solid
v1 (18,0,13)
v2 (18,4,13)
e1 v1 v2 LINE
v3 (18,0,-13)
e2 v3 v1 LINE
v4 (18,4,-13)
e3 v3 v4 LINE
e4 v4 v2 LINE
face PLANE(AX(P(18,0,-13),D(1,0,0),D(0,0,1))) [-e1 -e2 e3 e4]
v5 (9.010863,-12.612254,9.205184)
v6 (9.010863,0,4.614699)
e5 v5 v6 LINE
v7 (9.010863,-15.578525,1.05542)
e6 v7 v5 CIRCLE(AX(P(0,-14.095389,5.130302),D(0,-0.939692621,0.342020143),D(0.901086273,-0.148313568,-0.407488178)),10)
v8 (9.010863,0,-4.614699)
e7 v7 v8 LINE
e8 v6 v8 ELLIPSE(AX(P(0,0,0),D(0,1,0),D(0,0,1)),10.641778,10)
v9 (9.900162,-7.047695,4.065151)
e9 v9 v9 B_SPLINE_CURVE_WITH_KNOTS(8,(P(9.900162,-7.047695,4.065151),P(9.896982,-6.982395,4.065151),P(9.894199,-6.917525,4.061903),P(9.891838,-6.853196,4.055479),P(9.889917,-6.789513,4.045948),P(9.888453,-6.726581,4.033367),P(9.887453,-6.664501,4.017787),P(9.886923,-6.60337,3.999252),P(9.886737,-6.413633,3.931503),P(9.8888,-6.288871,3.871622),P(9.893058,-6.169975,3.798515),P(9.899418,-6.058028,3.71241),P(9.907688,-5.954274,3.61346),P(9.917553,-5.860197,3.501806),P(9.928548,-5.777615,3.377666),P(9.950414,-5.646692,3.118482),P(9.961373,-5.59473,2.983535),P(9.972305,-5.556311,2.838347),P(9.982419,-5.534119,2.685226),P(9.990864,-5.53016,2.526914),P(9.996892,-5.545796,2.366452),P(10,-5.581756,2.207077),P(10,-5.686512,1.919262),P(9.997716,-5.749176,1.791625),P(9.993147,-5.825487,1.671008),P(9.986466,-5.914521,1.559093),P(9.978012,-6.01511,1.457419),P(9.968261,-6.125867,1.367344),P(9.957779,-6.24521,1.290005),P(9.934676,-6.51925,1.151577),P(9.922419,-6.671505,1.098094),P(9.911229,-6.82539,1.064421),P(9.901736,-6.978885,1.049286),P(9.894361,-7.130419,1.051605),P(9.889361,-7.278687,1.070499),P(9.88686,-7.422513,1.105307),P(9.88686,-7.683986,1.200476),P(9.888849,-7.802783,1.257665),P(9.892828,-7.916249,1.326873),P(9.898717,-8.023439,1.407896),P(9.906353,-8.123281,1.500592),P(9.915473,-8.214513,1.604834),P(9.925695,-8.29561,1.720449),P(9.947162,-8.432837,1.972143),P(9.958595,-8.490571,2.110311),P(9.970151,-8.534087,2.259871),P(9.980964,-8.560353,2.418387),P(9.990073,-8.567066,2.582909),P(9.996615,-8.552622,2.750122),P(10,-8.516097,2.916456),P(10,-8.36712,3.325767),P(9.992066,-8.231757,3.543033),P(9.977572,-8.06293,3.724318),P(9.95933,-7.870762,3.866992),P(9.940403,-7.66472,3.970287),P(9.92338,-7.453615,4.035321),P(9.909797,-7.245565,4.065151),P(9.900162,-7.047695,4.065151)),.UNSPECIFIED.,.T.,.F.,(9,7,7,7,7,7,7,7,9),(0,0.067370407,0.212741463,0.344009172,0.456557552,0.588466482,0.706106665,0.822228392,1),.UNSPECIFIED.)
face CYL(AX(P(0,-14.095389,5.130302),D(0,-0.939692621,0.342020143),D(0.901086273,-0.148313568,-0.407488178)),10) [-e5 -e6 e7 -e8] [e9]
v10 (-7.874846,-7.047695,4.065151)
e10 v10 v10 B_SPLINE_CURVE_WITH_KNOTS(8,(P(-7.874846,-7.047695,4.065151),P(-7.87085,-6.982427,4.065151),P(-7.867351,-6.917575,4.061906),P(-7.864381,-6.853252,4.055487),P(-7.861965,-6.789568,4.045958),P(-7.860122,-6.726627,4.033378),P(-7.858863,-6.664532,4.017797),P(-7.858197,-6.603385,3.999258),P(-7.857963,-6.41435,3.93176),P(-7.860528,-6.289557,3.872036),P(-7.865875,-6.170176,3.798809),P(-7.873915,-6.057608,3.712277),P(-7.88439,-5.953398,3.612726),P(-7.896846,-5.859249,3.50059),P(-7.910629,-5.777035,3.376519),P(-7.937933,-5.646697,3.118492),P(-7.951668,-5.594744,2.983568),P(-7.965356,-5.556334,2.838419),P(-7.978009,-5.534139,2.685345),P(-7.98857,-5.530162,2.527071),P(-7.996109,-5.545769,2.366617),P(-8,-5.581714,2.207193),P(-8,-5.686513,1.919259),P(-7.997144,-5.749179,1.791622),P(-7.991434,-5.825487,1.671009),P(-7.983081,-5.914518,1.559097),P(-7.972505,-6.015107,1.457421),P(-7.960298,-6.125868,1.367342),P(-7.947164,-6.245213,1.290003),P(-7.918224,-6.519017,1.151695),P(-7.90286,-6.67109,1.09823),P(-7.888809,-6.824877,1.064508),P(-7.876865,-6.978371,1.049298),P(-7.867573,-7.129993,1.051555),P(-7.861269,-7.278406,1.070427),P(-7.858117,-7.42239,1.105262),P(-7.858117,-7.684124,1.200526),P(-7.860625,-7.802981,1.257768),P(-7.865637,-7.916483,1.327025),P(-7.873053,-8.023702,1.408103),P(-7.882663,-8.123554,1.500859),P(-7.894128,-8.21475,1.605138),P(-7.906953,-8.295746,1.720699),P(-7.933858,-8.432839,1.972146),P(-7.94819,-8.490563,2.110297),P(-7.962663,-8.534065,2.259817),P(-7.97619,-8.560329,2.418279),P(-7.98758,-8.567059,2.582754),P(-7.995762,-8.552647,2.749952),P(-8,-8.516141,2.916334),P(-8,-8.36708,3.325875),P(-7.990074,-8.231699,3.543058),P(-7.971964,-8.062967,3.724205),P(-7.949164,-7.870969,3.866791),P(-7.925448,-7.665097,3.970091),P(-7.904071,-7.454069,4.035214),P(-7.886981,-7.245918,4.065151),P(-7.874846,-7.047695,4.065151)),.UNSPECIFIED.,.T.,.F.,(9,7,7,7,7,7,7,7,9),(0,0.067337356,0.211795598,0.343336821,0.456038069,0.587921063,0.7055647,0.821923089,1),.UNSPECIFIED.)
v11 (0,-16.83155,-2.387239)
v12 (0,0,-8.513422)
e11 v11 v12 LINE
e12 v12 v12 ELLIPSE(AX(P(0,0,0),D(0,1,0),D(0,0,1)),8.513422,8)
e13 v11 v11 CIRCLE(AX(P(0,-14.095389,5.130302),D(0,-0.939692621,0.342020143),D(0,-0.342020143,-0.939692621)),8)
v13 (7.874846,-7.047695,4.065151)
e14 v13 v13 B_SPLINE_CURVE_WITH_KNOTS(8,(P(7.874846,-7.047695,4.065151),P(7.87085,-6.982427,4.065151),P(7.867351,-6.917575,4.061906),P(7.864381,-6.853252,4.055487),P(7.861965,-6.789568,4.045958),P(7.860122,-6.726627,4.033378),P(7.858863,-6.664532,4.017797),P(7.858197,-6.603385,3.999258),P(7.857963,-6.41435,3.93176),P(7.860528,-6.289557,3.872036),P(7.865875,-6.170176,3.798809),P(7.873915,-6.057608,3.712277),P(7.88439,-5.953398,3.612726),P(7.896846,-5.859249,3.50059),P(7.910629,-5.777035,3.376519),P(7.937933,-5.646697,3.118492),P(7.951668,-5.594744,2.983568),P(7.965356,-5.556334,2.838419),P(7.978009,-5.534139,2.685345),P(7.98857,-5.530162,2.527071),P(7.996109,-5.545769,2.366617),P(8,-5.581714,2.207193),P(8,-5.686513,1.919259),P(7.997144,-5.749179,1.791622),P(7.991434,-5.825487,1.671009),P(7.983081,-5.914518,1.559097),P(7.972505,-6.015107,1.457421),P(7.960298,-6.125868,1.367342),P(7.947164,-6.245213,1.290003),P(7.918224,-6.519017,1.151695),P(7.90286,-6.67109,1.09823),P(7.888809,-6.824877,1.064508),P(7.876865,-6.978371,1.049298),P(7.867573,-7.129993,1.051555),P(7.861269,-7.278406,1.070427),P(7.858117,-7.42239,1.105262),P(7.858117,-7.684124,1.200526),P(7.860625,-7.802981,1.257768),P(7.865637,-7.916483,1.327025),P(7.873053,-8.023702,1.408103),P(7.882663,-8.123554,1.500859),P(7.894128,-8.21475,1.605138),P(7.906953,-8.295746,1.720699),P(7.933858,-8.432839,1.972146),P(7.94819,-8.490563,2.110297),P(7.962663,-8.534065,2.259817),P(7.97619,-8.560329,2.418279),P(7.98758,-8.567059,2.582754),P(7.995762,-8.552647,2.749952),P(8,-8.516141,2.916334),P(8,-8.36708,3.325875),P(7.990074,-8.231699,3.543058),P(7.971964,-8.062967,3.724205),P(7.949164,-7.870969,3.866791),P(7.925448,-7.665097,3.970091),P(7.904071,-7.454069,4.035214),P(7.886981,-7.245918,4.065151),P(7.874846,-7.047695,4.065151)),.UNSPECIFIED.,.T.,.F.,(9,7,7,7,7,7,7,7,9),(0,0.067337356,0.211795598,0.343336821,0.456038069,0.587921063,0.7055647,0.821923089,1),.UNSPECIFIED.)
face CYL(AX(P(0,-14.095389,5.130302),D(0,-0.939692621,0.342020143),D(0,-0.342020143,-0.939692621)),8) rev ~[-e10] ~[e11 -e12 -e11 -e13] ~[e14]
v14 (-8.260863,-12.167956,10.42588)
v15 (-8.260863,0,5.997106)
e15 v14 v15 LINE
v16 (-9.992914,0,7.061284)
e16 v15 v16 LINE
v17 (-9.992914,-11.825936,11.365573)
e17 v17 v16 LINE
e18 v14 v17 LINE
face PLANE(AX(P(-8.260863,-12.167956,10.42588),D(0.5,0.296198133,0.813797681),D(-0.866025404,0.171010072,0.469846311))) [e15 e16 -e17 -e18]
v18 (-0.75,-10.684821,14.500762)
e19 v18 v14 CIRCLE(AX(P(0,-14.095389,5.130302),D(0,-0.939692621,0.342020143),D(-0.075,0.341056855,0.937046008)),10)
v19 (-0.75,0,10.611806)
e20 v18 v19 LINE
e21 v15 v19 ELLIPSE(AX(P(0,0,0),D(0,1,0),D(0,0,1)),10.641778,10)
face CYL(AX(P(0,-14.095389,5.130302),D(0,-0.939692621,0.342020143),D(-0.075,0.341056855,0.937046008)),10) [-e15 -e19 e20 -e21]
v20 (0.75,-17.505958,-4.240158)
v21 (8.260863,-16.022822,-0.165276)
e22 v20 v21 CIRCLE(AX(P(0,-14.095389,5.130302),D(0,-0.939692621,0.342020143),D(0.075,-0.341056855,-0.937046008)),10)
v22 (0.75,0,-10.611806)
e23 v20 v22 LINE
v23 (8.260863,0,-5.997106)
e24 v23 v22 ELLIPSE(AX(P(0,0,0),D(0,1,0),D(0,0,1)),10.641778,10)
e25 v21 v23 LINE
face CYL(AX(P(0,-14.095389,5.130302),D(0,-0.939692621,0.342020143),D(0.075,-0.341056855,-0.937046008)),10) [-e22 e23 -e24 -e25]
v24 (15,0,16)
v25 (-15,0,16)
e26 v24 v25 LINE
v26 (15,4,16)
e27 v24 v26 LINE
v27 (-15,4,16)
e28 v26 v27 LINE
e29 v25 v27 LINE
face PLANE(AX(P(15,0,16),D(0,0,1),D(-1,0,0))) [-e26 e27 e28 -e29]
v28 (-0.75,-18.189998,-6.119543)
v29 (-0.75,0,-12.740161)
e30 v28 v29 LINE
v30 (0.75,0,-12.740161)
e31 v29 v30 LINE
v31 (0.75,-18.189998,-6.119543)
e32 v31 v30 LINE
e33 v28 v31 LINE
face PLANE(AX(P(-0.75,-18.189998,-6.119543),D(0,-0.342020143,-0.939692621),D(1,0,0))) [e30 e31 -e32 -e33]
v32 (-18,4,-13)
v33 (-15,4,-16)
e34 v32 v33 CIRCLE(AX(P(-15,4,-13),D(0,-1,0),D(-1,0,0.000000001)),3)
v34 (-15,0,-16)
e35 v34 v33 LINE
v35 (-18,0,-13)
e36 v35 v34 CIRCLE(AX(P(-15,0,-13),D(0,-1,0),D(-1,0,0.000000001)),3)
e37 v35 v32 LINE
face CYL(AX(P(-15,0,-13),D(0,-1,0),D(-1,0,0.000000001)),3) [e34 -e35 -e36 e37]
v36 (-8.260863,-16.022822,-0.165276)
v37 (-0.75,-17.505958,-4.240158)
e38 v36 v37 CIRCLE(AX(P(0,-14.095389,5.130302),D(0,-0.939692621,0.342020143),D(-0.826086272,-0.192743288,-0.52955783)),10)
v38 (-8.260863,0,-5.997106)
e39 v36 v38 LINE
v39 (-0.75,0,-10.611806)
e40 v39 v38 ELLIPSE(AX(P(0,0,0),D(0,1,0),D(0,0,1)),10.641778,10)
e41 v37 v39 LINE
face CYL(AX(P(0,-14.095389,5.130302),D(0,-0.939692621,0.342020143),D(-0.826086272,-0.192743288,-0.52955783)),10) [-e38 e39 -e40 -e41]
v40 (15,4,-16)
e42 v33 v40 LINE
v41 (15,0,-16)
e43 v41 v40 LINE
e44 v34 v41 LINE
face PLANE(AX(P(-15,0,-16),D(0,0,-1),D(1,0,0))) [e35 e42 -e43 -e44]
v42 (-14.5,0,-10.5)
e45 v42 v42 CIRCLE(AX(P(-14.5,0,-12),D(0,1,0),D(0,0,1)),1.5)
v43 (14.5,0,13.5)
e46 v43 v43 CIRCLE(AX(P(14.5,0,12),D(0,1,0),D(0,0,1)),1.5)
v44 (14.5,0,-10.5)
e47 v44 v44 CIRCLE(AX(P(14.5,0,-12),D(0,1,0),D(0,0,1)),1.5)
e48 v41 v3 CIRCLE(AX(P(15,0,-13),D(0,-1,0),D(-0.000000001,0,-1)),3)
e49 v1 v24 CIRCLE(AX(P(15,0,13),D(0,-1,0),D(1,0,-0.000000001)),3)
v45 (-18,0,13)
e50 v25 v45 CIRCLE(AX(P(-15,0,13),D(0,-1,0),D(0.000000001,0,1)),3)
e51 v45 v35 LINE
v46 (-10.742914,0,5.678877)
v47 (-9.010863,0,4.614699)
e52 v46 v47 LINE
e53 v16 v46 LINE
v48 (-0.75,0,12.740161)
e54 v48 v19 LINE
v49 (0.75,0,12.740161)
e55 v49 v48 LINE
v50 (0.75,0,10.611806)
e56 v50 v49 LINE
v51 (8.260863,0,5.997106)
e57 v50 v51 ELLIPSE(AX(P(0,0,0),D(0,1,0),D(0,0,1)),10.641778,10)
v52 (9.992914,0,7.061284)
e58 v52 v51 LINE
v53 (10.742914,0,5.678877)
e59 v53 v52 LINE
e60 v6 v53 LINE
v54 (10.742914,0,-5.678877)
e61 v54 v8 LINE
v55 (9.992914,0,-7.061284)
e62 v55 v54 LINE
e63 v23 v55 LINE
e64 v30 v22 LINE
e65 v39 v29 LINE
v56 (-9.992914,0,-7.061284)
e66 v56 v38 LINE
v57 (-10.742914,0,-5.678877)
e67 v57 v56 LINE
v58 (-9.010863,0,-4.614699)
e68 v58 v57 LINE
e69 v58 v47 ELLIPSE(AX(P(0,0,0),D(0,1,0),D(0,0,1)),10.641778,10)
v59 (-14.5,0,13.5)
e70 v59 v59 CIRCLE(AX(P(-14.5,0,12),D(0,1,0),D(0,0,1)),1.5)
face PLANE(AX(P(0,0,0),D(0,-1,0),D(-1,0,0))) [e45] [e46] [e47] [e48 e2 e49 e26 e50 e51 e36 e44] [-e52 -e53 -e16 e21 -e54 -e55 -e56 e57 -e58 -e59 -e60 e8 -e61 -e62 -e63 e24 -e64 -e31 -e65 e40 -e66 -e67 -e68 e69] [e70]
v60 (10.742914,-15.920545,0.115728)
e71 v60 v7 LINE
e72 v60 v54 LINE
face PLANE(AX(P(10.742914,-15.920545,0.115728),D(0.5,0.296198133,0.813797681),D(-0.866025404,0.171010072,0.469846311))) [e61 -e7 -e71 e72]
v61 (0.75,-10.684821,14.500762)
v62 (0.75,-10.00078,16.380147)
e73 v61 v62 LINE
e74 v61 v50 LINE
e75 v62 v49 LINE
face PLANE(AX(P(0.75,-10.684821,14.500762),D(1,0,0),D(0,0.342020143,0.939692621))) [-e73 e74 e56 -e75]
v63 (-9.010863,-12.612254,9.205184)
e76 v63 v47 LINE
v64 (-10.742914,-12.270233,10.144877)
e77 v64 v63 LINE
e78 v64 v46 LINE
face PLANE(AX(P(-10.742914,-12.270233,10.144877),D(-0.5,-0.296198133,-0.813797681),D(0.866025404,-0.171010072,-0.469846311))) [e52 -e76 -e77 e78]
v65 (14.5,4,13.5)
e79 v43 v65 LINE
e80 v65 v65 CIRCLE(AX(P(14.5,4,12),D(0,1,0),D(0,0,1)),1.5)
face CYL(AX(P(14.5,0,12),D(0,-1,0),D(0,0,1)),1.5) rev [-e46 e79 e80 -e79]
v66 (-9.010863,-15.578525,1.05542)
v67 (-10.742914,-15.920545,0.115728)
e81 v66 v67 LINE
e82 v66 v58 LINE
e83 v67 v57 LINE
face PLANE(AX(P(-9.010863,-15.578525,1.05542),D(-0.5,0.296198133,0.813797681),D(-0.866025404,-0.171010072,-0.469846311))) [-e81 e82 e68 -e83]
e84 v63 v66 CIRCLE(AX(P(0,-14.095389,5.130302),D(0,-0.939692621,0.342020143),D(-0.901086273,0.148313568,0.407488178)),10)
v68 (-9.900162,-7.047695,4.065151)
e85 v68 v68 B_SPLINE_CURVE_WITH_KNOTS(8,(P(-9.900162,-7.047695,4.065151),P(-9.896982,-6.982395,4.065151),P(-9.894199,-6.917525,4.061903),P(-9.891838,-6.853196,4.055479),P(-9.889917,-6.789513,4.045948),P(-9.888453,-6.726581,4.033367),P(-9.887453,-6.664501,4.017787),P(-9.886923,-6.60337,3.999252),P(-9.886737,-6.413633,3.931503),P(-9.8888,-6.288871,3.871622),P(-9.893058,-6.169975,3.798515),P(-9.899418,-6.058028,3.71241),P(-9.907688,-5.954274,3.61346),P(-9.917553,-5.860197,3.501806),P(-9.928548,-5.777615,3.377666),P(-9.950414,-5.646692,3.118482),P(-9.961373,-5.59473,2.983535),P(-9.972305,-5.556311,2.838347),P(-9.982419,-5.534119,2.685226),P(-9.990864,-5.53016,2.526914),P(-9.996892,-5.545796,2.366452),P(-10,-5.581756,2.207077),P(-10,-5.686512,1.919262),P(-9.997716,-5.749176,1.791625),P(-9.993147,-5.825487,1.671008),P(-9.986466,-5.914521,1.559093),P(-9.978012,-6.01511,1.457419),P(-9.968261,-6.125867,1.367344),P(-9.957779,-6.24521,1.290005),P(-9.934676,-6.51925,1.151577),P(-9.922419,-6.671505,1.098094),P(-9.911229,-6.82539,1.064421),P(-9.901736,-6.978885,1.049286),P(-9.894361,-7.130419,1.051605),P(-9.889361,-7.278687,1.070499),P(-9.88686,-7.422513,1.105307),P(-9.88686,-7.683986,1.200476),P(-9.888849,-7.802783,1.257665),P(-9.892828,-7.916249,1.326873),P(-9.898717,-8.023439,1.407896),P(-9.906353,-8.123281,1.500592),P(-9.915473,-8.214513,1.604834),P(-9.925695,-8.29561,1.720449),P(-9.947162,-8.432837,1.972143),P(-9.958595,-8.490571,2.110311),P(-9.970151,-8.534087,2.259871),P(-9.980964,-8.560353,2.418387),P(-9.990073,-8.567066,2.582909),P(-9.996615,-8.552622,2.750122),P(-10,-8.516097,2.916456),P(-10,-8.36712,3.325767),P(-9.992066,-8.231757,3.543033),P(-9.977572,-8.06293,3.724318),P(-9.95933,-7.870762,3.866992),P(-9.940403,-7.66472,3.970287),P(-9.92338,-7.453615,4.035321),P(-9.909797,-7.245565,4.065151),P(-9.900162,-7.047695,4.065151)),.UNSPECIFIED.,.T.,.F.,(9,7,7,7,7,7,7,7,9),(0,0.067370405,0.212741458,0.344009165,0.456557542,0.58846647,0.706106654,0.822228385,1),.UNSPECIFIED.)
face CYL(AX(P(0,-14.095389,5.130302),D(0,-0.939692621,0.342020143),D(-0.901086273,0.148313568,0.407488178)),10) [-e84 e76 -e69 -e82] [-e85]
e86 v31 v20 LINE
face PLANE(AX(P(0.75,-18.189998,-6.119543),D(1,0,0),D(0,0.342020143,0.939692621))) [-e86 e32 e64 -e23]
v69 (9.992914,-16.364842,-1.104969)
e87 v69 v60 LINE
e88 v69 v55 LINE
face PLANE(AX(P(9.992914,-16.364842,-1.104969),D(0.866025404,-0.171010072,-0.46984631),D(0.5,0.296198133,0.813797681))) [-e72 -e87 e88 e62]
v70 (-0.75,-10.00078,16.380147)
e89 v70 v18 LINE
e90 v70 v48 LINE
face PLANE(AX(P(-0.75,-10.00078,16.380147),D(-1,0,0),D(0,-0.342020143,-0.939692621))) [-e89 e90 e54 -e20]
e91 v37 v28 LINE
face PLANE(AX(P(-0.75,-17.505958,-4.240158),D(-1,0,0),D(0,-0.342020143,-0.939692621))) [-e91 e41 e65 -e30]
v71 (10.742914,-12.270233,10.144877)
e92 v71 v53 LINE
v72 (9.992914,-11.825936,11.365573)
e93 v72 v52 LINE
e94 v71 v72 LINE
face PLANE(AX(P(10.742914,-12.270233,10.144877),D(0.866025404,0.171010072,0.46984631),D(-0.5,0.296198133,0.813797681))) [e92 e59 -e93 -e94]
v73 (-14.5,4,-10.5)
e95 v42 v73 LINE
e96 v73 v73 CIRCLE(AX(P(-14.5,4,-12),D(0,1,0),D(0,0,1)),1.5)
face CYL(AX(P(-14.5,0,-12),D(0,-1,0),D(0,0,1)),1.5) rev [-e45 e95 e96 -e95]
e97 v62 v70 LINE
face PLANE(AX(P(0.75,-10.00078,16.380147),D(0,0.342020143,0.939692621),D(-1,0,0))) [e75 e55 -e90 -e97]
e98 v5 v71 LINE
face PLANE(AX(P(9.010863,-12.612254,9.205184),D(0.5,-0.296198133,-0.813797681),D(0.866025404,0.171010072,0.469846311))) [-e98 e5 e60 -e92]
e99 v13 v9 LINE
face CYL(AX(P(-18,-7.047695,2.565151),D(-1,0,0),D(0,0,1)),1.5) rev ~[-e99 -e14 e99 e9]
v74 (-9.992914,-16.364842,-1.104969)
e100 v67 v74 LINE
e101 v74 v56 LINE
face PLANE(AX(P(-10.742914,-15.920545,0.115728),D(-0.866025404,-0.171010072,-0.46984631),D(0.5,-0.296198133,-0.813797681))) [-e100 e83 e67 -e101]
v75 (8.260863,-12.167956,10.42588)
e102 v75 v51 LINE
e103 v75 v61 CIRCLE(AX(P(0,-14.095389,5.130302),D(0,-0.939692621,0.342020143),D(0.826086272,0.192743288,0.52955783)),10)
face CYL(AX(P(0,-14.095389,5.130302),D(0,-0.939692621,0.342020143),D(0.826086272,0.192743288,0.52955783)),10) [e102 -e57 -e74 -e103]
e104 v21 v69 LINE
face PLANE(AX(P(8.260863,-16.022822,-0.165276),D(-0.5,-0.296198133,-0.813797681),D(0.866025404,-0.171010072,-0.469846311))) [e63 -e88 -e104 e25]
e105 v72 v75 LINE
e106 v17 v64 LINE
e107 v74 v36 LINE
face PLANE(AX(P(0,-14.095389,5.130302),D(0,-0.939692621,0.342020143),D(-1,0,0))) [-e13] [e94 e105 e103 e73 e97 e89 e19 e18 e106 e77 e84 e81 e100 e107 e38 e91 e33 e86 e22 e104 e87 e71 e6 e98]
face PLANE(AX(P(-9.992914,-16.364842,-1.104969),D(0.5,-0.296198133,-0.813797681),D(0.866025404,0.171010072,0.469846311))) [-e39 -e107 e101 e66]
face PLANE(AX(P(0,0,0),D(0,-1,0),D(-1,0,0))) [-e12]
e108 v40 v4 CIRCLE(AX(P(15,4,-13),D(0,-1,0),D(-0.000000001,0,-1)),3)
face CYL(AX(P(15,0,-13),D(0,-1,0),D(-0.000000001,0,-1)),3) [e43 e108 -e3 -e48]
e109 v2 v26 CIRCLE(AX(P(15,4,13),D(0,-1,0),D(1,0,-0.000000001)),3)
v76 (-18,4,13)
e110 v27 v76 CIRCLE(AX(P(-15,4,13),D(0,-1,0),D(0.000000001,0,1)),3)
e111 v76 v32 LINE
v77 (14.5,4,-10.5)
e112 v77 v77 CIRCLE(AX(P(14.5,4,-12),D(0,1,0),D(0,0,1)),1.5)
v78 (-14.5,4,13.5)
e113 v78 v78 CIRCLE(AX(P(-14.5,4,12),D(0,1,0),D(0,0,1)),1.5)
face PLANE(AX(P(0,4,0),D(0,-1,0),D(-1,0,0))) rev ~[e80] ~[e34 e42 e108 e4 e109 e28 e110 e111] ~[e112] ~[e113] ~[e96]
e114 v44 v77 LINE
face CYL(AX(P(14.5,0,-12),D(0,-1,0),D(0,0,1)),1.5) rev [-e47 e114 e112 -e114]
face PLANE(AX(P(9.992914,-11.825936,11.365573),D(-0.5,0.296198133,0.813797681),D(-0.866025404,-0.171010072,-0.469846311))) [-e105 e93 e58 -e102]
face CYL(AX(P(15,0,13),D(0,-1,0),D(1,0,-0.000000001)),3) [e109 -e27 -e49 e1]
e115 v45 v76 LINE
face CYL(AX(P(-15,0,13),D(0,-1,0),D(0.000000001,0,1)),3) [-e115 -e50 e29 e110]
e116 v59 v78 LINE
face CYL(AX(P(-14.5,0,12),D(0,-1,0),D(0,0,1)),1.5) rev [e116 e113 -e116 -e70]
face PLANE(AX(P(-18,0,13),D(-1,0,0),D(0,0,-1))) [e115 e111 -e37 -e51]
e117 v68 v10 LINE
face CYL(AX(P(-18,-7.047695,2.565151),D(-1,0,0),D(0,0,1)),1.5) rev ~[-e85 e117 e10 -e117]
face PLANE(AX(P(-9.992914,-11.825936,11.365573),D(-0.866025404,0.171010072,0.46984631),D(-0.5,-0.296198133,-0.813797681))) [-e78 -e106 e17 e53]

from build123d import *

# Parameters (mm, degrees)
IZIM2_R                     = 1.5
Y_KSEKLIK_EKSTR_ZYON1_DEPTH = 4
Y_KSEKLIK_EKSTR_ZYON2_REACH = 35.135
IZIM4_R                     = 8
KES_EKSTR_ZYON1_REACH       = 45.534
IZIM5_R                     = 1.5


with BuildPart() as part:
    # Çizim2 → Yükseklik-Ekstrüzyon1 (new body)
    with BuildSketch(Plane(origin=(0, 0, 0), x_dir=(1, 0, 0), z_dir=(0, 1, 0))):
        with BuildLine():
            Line((15, -16), (-15, -16))
            ThreePointArc((-15, -16), (-17.121320344, -15.121320344), (-18, -13))
            Line((-18, -13), (-18, 13))
            ThreePointArc((-18, 13), (-17.121320344, 15.121320344), (-15, 16))
            Line((-15, 16), (15, 16))
            ThreePointArc((15, 16), (17.121320344, 15.121320344), (18, 13))
            Line((18, 13), (18, -13))
            ThreePointArc((18, -13), (17.121320344, -15.121320344), (15, -16))
        make_face()
        with Locations(Location((14.5, -12, 0), (0, 0, 270))):
            Circle(IZIM2_R, mode=Mode.SUBTRACT)
        with Locations(Location((-14.5, -12, 0), (0, 0, 270))):
            Circle(IZIM2_R, mode=Mode.SUBTRACT)
        with Locations(Location((14.5, 12, 0), (0, 0, 270))):
            Circle(IZIM2_R, mode=Mode.SUBTRACT)
        with Locations(Location((-14.5, 12, 0), (0, 0, 270))):
            Circle(IZIM2_R, mode=Mode.SUBTRACT)
    extrude(amount=Y_KSEKLIK_EKSTR_ZYON1_DEPTH)

    # Yükseklik-Ekstrüzyon2: up to this plane
    y_kseklik_ekstr_zyon2_end = Plane(origin=(15, 0, -13), z_dir=(0, 1, 0))
    # Çizim4 → Yükseklik-Ekstrüzyon2 (add, up to the surface)
    with BuildSketch(Plane(origin=(0, -14.095389312, 5.13030215), x_dir=(-1, 0, 0), z_dir=(0, -0.9396926207859094, 0.34202014332566627)), mode=Mode.PRIVATE) as y_kseklik_ekstr_zyon2_sk1:
        with BuildLine():
            Line((-0.75, 11.971835338), (-0.75, 9.971835338))
            ThreePointArc((-0.75, 9.971835338), (-5, 8.660254038), (-8.260862725, 5.635436722))
            Line((-8.260862725, 5.635436722), (-9.992913532, 6.635436722))
            Line((-9.992913532, 6.635436722), (-10.742913532, 5.336398616))
            Line((-10.742913532, 5.336398616), (-9.010862725, 4.336398616))
            ThreePointArc((-9.010862725, 4.336398616), (-10, 0), (-9.010862725, -4.336398616))
            Line((-9.010862725, -4.336398616), (-10.742913532, -5.336398616))
            Line((-10.742913532, -5.336398616), (-9.992913532, -6.635436722))
            Line((-9.992913532, -6.635436722), (-8.260862725, -5.635436722))
            ThreePointArc((-8.260862725, -5.635436722), (-5, -8.660254038), (-0.75, -9.971835338))
            Line((-0.75, -9.971835338), (-0.75, -11.971835338))
            Line((-0.75, -11.971835338), (0.75, -11.971835338))
            Line((0.75, -11.971835338), (0.75, -9.971835338))
            ThreePointArc((0.75, -9.971835338), (5, -8.660254038), (8.260862725, -5.635436722))
            Line((8.260862725, -5.635436722), (9.992913532, -6.635436722))
            Line((9.992913532, -6.635436722), (10.742913532, -5.336398616))
            Line((10.742913532, -5.336398616), (9.010862725, -4.336398616))
            ThreePointArc((9.010862725, -4.336398616), (10, 0), (9.010862725, 4.336398616))
            Line((9.010862725, 4.336398616), (10.742913532, 5.336398616))
            Line((10.742913532, 5.336398616), (9.992913532, 6.635436722))
            Line((9.992913532, 6.635436722), (8.260862725, 5.635436722))
            ThreePointArc((8.260862725, 5.635436722), (5, 8.660254038), (0.75, 9.971835338))
            Line((0.75, 9.971835338), (0.75, 11.971835338))
            Line((0.75, 11.971835338), (-0.75, 11.971835338))
        make_face()
        with Locations(Location((0, 0, 0), (0, 0, 90))):
            Circle(IZIM4_R, mode=Mode.SUBTRACT)
    y_kseklik_ekstr_zyon2_tool1 = split(extrude(y_kseklik_ekstr_zyon2_sk1.sketch, amount=-Y_KSEKLIK_EKSTR_ZYON2_REACH, mode=Mode.PRIVATE), bisect_by=y_kseklik_ekstr_zyon2_end, keep=Keep.BOTH, mode=Mode.PRIVATE)
    add(y_kseklik_ekstr_zyon2_tool1.solids().sort_by_distance((-0.428295, -17.847978, -5.179851))[0])

    # Çizim5 → Kes-Ekstrüzyon1 (cut, up to next)
    with BuildSketch(Plane.ZY.offset(18), mode=Mode.PRIVATE) as kes_ekstr_zyon1_sk1:
        with Locations((2.565151075, -7.047694656)):
            Circle(IZIM5_R)
    kes_ekstr_zyon1_tool1 = extrude(kes_ekstr_zyon1_sk1.sketch, amount=-KES_EKSTR_ZYON1_REACH, mode=Mode.PRIVATE) & part.part
    add(kes_ekstr_zyon1_tool1.solids().sort_by_distance((-18, -7.047695, 2.565151))[0], mode=Mode.SUBTRACT)
    add(kes_ekstr_zyon1_tool1.solids().sort_by_distance((-18, -7.047695, 2.565151))[1], mode=Mode.SUBTRACT)


solid = part.part
